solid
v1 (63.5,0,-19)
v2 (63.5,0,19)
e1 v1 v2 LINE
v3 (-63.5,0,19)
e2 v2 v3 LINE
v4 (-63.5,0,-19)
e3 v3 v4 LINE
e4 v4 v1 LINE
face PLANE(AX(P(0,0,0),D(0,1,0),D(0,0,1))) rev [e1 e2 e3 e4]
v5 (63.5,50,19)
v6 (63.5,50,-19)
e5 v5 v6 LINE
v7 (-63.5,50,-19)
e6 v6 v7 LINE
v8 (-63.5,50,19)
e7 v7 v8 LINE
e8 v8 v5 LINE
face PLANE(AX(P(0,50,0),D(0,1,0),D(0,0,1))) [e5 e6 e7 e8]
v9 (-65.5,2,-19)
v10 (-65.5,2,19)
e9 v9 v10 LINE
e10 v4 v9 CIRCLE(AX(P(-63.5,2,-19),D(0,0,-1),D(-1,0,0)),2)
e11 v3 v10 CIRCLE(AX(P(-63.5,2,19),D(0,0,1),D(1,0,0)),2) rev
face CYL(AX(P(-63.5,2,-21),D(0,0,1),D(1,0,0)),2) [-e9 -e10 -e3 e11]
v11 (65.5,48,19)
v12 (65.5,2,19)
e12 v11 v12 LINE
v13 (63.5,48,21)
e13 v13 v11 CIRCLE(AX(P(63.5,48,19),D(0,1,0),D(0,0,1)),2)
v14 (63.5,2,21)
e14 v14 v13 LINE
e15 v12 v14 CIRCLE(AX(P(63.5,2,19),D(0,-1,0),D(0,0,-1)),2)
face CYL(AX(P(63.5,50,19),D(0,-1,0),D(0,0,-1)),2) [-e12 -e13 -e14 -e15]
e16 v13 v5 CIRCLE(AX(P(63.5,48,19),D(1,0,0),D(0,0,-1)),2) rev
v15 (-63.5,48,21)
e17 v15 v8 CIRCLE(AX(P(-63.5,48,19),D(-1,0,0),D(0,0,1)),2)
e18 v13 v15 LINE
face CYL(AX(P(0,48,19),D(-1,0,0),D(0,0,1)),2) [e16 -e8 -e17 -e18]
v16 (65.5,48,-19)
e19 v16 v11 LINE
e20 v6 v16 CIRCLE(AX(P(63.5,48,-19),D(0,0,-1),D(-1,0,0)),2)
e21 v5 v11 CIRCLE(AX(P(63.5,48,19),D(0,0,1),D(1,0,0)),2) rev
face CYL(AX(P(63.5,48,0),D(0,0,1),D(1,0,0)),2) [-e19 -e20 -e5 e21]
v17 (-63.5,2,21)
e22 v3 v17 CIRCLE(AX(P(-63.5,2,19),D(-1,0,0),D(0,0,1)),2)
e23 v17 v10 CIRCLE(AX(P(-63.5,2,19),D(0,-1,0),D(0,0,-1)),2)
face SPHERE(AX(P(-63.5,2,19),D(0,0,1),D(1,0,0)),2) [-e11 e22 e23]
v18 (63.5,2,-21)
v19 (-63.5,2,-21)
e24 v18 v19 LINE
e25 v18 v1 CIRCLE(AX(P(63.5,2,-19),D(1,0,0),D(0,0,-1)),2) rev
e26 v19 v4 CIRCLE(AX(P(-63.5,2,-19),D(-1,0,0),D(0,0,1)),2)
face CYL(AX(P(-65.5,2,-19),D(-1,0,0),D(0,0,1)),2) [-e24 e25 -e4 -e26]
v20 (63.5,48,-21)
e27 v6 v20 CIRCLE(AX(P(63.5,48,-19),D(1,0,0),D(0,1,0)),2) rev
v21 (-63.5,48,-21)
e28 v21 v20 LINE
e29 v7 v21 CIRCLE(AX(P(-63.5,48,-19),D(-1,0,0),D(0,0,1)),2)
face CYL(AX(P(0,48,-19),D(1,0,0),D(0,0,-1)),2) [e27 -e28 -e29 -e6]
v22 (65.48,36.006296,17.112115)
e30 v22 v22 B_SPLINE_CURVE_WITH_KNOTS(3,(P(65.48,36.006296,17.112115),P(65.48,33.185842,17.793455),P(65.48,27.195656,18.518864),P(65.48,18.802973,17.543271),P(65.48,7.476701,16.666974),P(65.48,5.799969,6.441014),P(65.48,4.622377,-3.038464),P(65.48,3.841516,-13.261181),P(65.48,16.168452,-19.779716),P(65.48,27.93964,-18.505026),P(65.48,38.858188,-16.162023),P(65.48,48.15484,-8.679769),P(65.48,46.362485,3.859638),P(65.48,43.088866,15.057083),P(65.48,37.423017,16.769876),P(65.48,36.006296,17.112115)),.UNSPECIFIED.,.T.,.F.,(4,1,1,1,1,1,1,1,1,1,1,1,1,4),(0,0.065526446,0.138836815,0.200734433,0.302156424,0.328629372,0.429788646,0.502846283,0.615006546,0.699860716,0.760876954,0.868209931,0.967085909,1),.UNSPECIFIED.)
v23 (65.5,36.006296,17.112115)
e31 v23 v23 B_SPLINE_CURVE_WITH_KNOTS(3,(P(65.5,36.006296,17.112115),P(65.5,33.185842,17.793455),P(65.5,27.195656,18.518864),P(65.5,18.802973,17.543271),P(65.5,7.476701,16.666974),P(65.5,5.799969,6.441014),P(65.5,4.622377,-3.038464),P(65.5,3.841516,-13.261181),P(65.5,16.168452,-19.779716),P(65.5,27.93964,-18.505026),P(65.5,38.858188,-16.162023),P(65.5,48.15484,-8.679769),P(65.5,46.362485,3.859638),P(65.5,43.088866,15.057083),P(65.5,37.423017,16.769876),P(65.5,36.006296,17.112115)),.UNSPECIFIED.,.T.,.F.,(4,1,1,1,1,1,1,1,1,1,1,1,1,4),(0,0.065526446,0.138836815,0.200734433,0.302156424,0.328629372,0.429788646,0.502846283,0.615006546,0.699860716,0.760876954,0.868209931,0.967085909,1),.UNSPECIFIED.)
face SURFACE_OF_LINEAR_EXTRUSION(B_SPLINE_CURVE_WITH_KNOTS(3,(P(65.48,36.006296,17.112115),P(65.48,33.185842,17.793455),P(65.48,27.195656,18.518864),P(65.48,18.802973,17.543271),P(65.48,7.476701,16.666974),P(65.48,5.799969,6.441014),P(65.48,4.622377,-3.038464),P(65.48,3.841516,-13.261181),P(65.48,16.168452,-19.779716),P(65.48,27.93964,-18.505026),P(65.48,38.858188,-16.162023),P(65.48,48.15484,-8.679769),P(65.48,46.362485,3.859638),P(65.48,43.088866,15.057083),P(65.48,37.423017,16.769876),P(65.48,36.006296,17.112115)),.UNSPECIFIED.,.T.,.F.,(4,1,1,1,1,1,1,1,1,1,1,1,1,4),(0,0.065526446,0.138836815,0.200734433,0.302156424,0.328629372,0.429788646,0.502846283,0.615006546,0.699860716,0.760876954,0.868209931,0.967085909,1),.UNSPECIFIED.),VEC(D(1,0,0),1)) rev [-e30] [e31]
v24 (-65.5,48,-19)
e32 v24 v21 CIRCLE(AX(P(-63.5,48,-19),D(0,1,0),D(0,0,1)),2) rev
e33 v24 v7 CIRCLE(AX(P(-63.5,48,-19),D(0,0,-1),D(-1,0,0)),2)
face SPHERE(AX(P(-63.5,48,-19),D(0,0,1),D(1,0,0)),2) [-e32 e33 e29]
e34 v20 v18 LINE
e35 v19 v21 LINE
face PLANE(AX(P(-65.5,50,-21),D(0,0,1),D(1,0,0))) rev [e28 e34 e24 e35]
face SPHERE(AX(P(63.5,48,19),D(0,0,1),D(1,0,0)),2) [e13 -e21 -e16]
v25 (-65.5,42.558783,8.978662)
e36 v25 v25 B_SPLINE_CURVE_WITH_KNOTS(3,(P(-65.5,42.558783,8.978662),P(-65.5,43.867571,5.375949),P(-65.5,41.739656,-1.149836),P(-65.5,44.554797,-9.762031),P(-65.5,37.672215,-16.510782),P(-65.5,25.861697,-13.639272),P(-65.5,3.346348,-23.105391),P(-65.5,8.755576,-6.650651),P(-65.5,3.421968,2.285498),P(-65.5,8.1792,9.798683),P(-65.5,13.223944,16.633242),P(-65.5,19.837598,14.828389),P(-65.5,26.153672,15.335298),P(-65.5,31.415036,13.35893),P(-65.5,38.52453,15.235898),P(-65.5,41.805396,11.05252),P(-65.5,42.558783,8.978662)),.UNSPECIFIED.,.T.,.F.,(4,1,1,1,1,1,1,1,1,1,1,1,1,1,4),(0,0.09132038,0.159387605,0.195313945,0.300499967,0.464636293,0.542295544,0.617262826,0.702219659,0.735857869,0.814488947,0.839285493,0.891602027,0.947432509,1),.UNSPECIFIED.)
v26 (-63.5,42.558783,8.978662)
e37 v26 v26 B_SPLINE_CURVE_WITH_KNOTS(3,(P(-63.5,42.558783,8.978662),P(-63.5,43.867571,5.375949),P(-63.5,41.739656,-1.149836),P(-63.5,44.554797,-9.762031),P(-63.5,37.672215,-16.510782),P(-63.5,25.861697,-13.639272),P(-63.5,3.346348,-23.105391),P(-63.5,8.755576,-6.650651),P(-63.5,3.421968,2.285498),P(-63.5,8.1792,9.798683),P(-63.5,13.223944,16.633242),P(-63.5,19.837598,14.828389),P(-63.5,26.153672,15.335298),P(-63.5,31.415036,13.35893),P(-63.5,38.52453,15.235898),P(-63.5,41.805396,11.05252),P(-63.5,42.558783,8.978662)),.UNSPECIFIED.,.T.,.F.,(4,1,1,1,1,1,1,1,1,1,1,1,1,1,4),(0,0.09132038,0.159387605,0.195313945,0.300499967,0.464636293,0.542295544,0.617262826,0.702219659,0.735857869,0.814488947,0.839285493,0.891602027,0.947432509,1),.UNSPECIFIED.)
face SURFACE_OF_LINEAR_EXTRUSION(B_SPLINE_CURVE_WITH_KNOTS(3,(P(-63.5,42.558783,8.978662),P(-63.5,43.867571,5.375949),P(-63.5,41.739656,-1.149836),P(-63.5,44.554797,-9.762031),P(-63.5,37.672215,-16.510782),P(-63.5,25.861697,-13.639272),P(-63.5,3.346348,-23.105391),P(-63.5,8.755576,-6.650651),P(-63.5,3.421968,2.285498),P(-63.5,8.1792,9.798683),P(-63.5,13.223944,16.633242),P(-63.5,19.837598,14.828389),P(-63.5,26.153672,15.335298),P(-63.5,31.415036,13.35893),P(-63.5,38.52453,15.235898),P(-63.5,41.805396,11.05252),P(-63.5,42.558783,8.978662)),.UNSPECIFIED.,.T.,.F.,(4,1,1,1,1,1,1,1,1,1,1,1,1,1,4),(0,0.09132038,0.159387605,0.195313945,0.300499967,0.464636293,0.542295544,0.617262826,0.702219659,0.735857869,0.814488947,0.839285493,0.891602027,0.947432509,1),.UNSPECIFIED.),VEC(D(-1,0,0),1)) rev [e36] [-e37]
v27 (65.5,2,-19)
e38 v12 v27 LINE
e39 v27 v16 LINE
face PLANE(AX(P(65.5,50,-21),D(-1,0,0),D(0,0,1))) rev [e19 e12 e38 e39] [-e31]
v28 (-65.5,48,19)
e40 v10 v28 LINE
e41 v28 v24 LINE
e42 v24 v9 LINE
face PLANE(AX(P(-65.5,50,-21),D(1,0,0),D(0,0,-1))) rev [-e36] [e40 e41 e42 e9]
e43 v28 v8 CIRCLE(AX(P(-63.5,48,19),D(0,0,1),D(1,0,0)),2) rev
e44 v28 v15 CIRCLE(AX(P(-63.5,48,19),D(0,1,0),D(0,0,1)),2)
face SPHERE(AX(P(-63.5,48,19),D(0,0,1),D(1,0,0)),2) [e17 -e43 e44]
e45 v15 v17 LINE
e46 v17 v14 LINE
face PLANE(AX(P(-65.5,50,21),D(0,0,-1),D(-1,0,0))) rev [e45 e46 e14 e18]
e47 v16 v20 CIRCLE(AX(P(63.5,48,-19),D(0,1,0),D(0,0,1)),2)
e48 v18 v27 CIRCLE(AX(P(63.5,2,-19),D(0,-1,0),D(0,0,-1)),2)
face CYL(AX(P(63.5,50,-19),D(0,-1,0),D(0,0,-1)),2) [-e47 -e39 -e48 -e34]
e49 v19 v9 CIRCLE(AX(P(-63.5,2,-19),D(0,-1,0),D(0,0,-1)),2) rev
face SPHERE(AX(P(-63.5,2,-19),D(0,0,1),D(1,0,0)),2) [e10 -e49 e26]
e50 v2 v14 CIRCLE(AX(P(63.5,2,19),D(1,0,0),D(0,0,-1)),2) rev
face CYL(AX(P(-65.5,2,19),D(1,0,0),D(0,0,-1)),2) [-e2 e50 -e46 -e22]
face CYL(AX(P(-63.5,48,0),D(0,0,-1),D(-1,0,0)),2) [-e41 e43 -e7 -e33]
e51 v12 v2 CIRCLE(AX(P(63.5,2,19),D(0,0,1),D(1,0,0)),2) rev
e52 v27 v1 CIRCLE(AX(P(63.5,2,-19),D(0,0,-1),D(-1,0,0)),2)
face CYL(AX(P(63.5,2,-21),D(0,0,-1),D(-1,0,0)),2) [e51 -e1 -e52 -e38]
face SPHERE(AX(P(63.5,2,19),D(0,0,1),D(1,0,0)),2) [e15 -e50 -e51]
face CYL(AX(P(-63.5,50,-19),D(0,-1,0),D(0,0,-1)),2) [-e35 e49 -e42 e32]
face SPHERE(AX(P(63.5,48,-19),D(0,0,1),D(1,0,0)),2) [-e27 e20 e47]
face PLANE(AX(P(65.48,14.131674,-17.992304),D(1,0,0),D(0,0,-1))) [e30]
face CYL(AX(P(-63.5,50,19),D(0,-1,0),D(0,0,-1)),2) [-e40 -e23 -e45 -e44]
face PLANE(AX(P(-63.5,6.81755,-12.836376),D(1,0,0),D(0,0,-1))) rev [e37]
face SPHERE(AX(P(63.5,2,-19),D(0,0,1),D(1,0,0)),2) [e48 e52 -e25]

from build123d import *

# Parameters (mm, degrees)
CROQUIS2_W              = 131
CROQUIS2_H              = 42
SALIENTE_EXTRUIR1_DEPTH = 50
CORTAR_EXTRUIR1_DEPTH   = 0.02
REDONDEO1_R             = 2
CORTAR_EXTRUIR2_DEPTH   = 2


with BuildPart() as part:
    # Croquis2 → Saliente-Extruir1 (new body)
    with BuildSketch(Plane(origin=(0, 0, 0), x_dir=(1, 0, 0), z_dir=(0, 1, 0))):
        Rectangle(CROQUIS2_W, CROQUIS2_H)
    extrude(amount=SALIENTE_EXTRUIR1_DEPTH)

    # Croquis3 → Cortar-Extruir1 (cut)
    with BuildSketch(Plane(origin=(65.5, 0, 0), x_dir=(0, 0, -1), z_dir=(1, 0, 0))):
        with BuildLine():
            add(Edge.make_bspline(
                [(-17.112114557, 36.006296002), (-16.769875687, 37.42301657), (-15.057082788, 43.088866065), (-3.859638422, 46.362485269), (8.679768808, 48.154839826), (16.162022742, 38.858188467), (18.505026308, 27.939639658), (19.779716297, 16.168451708), (13.261180985, 3.841515951), (3.038463882, 4.622376827), (-6.441014061, 5.799969078), (-16.666974229, 7.476700806), (-17.543271482, 18.80297348), (-18.518864255, 27.195655921), (-17.793454872, 33.185842442), (-17.112114557, 36.006296002)],
                knots=[0, 0, 0, 0, 0.032914091, 0.131790069, 0.239123046, 0.300139284, 0.384993454, 0.497153717, 0.570211354, 0.671370628, 0.697843576, 0.799265567, 0.861163185, 0.934473554, 1, 1, 1, 1], degree=3))
        make_face()
    extrude(amount=-CORTAR_EXTRUIR1_DEPTH, mode=Mode.SUBTRACT)

    # Redondeo1
    redondeo1_edges = [part.edges().sort_by_distance(p)[0] for p in [
        (-65.5, 50, 0),
        (0, 50, 21),
        (65.5, 50, 0),
        (0, 0, 21),
        (-65.5, 0, 0),
        (0, 0, -21),
        (65.5, 0, 0),
        (0, 50, -21),
        (65.5, 25, 21),
        (-65.5, 25, 21),
        (-65.5, 25, -21),
        (65.5, 25, -21),
    ]]
    fillet(redondeo1_edges, radius=REDONDEO1_R)

    # Croquis4 → Cortar-Extruir2 (cut)
    with BuildSketch(Plane.ZY.offset(65.5)):
        with BuildLine():
            add(Edge.make_bspline(
                [(8.978661577, 42.558783476), (5.375949454, 43.867570791), (-1.149836325, 41.739656252), (-9.762030871, 44.554797073), (-16.510781784, 37.672215383), (-13.639271555, 25.861697119), (-23.105390544, 3.346347644), (-6.65065098, 8.75557637), (2.285497568, 3.421967675), (9.798682665, 8.179200373), (16.633242319, 13.22394434), (14.828389321, 19.837598078), (15.335298358, 26.153672342), (13.358929545, 31.415036468), (15.235898272, 38.524529705), (11.052519969, 41.805395623), (8.978661577, 42.558783476)],
                knots=[0, 0, 0, 0, 0.09132038, 0.159387605, 0.195313945, 0.300499967, 0.464636293, 0.542295544, 0.617262826, 0.702219659, 0.735857869, 0.814488947, 0.839285493, 0.891602027, 0.947432509, 1, 1, 1, 1], degree=3))
        make_face()
    extrude(amount=-CORTAR_EXTRUIR2_DEPTH, mode=Mode.SUBTRACT)


solid = part.part
